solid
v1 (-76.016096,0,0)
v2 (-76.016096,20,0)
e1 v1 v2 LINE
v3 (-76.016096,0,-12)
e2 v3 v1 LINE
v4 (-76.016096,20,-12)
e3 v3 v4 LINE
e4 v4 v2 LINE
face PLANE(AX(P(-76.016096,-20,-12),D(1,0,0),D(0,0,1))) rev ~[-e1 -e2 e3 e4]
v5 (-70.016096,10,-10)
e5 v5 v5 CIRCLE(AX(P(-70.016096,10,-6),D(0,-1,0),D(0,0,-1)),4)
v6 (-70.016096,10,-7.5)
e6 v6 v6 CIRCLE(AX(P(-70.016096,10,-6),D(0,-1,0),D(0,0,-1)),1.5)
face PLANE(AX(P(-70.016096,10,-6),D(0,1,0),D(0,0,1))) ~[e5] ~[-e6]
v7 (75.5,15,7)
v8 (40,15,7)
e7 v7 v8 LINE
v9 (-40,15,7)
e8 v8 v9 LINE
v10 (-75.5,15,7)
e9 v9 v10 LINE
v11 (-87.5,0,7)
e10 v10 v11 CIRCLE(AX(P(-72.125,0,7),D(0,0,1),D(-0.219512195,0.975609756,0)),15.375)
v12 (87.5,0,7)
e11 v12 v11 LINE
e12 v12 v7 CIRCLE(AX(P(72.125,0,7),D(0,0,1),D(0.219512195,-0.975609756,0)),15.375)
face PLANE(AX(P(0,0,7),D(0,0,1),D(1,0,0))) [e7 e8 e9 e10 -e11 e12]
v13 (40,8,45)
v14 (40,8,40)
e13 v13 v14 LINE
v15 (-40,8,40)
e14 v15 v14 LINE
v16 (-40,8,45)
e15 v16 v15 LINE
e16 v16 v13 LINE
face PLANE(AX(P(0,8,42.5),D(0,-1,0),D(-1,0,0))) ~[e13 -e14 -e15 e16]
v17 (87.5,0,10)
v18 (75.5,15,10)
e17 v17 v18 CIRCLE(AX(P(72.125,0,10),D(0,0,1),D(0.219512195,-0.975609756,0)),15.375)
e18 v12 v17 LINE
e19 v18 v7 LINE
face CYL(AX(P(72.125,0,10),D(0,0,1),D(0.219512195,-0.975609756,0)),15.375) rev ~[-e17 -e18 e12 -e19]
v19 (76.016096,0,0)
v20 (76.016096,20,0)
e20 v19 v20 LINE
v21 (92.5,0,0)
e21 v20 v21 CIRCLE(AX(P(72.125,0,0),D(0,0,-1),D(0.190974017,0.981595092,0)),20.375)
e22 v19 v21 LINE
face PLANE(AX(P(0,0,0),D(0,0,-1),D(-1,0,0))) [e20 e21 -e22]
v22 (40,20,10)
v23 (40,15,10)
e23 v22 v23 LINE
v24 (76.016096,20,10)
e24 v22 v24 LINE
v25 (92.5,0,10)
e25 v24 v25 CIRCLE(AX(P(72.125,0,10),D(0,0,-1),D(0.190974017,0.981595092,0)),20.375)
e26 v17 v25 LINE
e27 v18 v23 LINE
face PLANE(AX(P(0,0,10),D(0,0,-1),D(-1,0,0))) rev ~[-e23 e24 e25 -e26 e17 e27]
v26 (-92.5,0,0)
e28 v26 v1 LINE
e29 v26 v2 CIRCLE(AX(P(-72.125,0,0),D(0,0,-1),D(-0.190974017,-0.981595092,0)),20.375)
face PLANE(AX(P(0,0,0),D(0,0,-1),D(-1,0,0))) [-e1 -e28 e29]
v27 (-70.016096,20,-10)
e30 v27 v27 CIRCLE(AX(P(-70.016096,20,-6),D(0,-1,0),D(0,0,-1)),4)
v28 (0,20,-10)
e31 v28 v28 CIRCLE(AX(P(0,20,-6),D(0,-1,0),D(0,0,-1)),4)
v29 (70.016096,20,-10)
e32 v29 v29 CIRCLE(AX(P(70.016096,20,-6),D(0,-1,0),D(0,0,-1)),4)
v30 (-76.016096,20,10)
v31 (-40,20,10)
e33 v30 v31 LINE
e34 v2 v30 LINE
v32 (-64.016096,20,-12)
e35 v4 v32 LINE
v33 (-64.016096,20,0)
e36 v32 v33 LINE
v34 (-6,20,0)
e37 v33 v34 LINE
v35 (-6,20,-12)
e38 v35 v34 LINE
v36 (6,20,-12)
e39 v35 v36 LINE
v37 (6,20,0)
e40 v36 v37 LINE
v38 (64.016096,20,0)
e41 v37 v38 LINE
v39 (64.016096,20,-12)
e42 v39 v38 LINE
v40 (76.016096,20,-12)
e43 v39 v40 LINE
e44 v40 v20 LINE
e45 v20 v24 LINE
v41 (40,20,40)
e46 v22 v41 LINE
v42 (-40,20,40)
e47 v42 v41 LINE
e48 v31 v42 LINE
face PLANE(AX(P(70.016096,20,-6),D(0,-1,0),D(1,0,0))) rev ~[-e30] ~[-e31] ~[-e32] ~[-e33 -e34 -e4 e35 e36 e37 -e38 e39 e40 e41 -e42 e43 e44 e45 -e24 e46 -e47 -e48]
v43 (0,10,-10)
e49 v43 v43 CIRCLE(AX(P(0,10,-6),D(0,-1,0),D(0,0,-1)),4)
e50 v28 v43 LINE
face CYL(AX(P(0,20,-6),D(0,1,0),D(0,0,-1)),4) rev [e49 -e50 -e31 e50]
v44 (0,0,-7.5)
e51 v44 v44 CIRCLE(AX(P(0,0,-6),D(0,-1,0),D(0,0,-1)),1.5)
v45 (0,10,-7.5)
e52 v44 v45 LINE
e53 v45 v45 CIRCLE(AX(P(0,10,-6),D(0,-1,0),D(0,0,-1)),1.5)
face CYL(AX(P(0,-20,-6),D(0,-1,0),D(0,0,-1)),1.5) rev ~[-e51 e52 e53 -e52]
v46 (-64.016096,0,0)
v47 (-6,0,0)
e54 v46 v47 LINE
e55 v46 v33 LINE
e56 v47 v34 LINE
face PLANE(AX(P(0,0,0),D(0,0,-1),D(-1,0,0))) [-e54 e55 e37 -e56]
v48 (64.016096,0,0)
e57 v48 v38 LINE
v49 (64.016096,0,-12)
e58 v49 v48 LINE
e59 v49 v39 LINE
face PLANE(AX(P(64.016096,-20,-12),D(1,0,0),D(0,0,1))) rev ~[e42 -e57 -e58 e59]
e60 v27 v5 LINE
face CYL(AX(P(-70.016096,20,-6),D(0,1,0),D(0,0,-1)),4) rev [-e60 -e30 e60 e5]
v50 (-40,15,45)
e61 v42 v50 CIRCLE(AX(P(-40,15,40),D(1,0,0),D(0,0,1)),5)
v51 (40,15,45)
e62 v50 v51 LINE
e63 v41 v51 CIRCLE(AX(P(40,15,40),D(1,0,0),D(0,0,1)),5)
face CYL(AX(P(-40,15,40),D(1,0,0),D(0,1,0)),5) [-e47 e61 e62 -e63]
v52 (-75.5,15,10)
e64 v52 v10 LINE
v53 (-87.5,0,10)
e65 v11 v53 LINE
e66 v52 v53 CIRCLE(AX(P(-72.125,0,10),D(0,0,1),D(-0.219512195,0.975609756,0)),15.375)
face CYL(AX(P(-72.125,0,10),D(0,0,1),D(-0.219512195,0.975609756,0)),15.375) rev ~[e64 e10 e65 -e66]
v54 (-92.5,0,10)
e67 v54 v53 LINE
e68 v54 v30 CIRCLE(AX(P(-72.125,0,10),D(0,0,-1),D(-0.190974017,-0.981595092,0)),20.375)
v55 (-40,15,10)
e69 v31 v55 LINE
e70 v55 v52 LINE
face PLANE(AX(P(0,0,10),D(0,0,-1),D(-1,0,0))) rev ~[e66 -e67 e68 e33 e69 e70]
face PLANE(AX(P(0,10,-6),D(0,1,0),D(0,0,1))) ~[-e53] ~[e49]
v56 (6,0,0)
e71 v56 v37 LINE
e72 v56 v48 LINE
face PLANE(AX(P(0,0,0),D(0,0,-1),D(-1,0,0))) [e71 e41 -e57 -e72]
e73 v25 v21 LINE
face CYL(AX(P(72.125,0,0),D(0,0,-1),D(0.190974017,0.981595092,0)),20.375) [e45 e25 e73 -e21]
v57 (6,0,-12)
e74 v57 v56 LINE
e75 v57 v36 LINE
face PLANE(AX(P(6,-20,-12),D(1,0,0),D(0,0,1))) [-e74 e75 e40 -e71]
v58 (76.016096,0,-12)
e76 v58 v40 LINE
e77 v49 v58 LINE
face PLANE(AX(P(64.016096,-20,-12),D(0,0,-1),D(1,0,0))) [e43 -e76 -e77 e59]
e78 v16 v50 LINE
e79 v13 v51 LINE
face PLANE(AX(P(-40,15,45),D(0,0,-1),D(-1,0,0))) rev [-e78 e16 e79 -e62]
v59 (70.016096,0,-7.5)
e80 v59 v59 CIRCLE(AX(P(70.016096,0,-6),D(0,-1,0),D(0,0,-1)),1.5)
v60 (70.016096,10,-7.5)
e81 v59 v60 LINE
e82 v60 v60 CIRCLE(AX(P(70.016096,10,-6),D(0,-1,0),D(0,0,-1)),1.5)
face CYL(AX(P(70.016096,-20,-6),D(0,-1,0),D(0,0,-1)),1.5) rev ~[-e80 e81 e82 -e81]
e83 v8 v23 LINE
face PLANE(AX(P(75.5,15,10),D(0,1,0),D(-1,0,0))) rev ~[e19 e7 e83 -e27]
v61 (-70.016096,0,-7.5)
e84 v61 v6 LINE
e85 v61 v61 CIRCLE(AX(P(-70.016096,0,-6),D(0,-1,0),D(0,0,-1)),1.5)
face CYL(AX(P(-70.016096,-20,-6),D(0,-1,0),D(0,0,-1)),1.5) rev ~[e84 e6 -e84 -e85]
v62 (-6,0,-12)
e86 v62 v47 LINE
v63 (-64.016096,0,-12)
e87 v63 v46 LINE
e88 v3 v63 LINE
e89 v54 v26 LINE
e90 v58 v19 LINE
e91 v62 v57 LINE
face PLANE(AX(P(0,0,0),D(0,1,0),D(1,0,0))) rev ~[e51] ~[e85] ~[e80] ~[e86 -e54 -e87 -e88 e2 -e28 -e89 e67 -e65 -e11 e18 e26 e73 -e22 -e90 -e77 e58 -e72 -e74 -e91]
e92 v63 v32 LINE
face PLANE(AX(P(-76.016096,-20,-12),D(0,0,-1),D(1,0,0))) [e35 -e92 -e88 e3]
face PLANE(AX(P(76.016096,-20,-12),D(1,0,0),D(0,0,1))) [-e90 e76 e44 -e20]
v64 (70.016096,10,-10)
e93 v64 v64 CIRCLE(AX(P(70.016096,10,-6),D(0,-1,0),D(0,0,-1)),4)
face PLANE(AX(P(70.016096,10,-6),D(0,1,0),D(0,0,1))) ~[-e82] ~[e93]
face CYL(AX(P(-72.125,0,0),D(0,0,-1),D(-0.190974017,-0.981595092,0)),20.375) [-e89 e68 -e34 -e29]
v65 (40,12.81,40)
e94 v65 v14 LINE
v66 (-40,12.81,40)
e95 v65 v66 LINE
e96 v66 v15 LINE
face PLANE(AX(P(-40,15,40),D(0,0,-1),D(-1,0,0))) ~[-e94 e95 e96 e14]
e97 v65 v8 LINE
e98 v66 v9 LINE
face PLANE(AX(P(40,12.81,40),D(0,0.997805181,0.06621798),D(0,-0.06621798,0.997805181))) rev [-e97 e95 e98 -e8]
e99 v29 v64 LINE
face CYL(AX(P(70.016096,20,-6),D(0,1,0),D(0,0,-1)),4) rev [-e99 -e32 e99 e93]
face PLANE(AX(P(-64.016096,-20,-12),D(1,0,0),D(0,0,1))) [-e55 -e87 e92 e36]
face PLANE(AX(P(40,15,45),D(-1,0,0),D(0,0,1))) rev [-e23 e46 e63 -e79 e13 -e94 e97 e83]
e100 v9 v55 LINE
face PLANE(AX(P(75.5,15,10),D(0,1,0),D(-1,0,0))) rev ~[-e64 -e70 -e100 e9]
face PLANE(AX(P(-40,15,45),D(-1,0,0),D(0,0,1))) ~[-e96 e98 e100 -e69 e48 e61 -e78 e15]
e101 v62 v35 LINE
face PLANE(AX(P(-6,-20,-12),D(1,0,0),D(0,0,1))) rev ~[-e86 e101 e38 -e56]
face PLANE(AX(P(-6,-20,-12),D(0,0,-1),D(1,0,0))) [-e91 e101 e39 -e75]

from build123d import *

# Parameters (mm, degrees)
ESTRUSIONE_ESTRUSIONE1_DEPTH  = 10
TAGLIO_ESTRUSIONE1_DEPTH      = 3
SCHIZZO4_W                    = 80
SCHIZZO4_H                    = 5
ESTRUSIONE_ESTRUSIONE2_DEPTH  = 35
ESTRUSIONE_ESTRUSIONE4_DEPTH  = 80
SCHIZZO7_W                    = 80
SCHIZZO7_H                    = 5
ESTRUSIONE_ESTRUSIONE5_DEPTH  = 7
TAGLIO_ESTRUSIONE2_REACH      = 112.369
SCHIZZO8_R                    = 1.5
RACCORDO1_R                   = 5
RACCORDO2_R                   = 5
TAGLIO_ESTRUSIONE3_DEPTH      = 111.368700273
TAGLIO_ESTRUSIONE3_DEPTH_BACK = 10
SCHIZZO11_R                   = 4
TAGLIO_ESTRUSIONE4_DEPTH      = 3
SCHIZZO12_W                   = 12
SCHIZZO12_H                   = 12
ESTRUSIONE_ESTRUSIONE6_DEPTH  = 40
SCHIZZO13_R                   = 1.5
TAGLIO_ESTRUSIONE5_DEPTH      = 111.368700273
SCHIZZO14_R                   = 4
TAGLIO_ESTRUSIONE6_DEPTH      = 10


with BuildPart() as part:
    # Schizzo1 → Estrusione-Estrusione1 (new body)
    with BuildSketch(Plane.XY):
        with BuildLine():
            Line((-76.016095604, 20), (76.016095604, 20))
            ThreePointArc((76.016095604, 20), (92.5, 0), (76.016095604, -20))
            Line((76.016095604, -20), (-76.016095604, -20))
            ThreePointArc((-76.016095604, -20), (-92.5, 0), (-76.016095604, 20))
        make_face()
    extrude(amount=ESTRUSIONE_ESTRUSIONE1_DEPTH)

    # Schizzo3 → Taglio-Estrusione1 (cut)
    with BuildSketch(Plane.XY.offset(10)):
        with BuildLine():
            Line((-75.5, -15), (75.5, -15))
            ThreePointArc((75.5, -15), (87.5, 0), (75.5, 15))
            Line((75.5, 15), (-75.5, 15))
            ThreePointArc((-75.5, 15), (-87.5, 0), (-75.5, -15))
        make_face()
    extrude(amount=-TAGLIO_ESTRUSIONE1_DEPTH, mode=Mode.SUBTRACT)

    # Schizzo4 → Estrusione-Estrusione2 (add)
    with BuildSketch(Plane.XY.offset(10)):
        with Locations((0, -17.5)):
            Rectangle(SCHIZZO4_W, SCHIZZO4_H)
    estrusione_estrusione2 = extrude(amount=ESTRUSIONE_ESTRUSIONE2_DEPTH)

    # Schizzo6 → Estrusione-Estrusione4 (add)
    with BuildSketch(Plane(origin=(40, 0, 0), x_dir=(0, 0, -1), z_dir=(1, 0, 0))):
        Polygon((-40, -15), (-40, -12.81), (-7, -15), align=None)
    estrusione_estrusione4 = extrude(amount=-ESTRUSIONE_ESTRUSIONE4_DEPTH)

    # Schizzo7 → Estrusione-Estrusione5 (add)
    with BuildSketch(Plane(origin=(0, -15, 0), x_dir=(1, 0, 0), z_dir=(0, 1, 0))):
        with Locations((0, -42.5)):
            Rectangle(SCHIZZO7_W, SCHIZZO7_H)
    estrusione_estrusione5 = extrude(amount=ESTRUSIONE_ESTRUSIONE5_DEPTH)

    # Taglio-Estrusione2: up to this plane
    taglio_estrusione2_end = Plane(origin=(-40, -12.81, 40), z_dir=(1.4576135341627736e-15, 0.9978051809344605, -0.0662179801892863))
    # Schizzo8 → Taglio-Estrusione2 (cut, up to the surface)
    with BuildSketch(Plane.XZ.offset(20), mode=Mode.PRIVATE) as taglio_estrusione2_sk1:
        with Locations(Location((-30, 13, 0), (0, 0, 270))):
            Circle(SCHIZZO8_R)
    taglio_estrusione2_tool1 = split(extrude(taglio_estrusione2_sk1.sketch, amount=-TAGLIO_ESTRUSIONE2_REACH, mode=Mode.PRIVATE), bisect_by=taglio_estrusione2_end, keep=Keep.BOTH, mode=Mode.PRIVATE)
    add(taglio_estrusione2_tool1.solids().sort_by_distance((-30, -20, 13))[0], mode=Mode.SUBTRACT)
    # Schizzo8 → Taglio-Estrusione2 (cut, up to the surface)
    with BuildSketch(Plane.XZ.offset(20), mode=Mode.PRIVATE) as taglio_estrusione2_sk2:
        with Locations(Location((-30, 32, 0), (0, 0, 270))):
            Circle(SCHIZZO8_R)
    taglio_estrusione2_tool2 = split(extrude(taglio_estrusione2_sk2.sketch, amount=-TAGLIO_ESTRUSIONE2_REACH, mode=Mode.PRIVATE), bisect_by=taglio_estrusione2_end, keep=Keep.BOTH, mode=Mode.PRIVATE)
    add(taglio_estrusione2_tool2.solids().sort_by_distance((-30, -20, 32))[0], mode=Mode.SUBTRACT)
    # Schizzo8 → Taglio-Estrusione2 (cut, up to the surface)
    with BuildSketch(Plane.XZ.offset(20), mode=Mode.PRIVATE) as taglio_estrusione2_sk3:
        with Locations(Location((30, 13, 0), (0, 0, 270))):
            Circle(SCHIZZO8_R)
    taglio_estrusione2_tool3 = split(extrude(taglio_estrusione2_sk3.sketch, amount=-TAGLIO_ESTRUSIONE2_REACH, mode=Mode.PRIVATE), bisect_by=taglio_estrusione2_end, keep=Keep.BOTH, mode=Mode.PRIVATE)
    add(taglio_estrusione2_tool3.solids().sort_by_distance((30, -20, 13))[0], mode=Mode.SUBTRACT)
    # Schizzo8 → Taglio-Estrusione2 (cut, up to the surface)
    with BuildSketch(Plane.XZ.offset(20), mode=Mode.PRIVATE) as taglio_estrusione2_sk4:
        with Locations(Location((30, 32, 0), (0, 0, 270))):
            Circle(SCHIZZO8_R)
    taglio_estrusione2_tool4 = split(extrude(taglio_estrusione2_sk4.sketch, amount=-TAGLIO_ESTRUSIONE2_REACH, mode=Mode.PRIVATE), bisect_by=taglio_estrusione2_end, keep=Keep.BOTH, mode=Mode.PRIVATE)
    add(taglio_estrusione2_tool4.solids().sort_by_distance((30, -20, 32))[0], mode=Mode.SUBTRACT)

    # Specchia1: Estrusione-Estrusione2, Estrusione-Estrusione4, Estrusione-Estrusione5 across plane
    add(estrusione_estrusione2.mirror(Plane.ZX))
    add(estrusione_estrusione4.mirror(Plane.ZX))
    add(estrusione_estrusione5.mirror(Plane.ZX))

    # Raccordo1
    raccordo1_edges = [part.edges().sort_by_distance(p)[0] for p in [
        (0, -20, 45),
    ]]
    fillet(raccordo1_edges, radius=RACCORDO1_R)

    # Raccordo2
    raccordo2_edges = [part.edges().sort_by_distance(p)[0] for p in [
        (0, 20, 45),
    ]]
    fillet(raccordo2_edges, radius=RACCORDO2_R)

    # Schizzo9 → Taglio-Estrusione3 (cut, two sides)
    with BuildSketch(Plane.XZ.offset(20)) as taglio_estrusione3_sk:
        Polygon((-4, 11), (-4, 3), (4, 3), (4, 11), (10, 11), (10, 31), (-10, 31), (-10, 11), align=None)
    extrude(amount=TAGLIO_ESTRUSIONE3_DEPTH, mode=Mode.SUBTRACT)
    extrude(taglio_estrusione3_sk.sketch, amount=-TAGLIO_ESTRUSIONE3_DEPTH_BACK, mode=Mode.SUBTRACT)

    # Schizzo11 → Taglio-Estrusione4 (cut)
    with BuildSketch(Plane(origin=(0, -15.396736192, 1.021783402), x_dir=(1, 0, 0), z_dir=(1.4576135341627738e-15, 0.9978051809344605, -0.06621798018928632))):
        with Locations(Location((-30, -12.004564445, 0), (0, 0, 270))):
            Circle(SCHIZZO11_R)
        with Locations(Location((-30, -31.046357736, 0), (0, 0, 270))):
            Circle(SCHIZZO11_R)
        with Locations(Location((30, -31.046357736, 0), (0, 0, 270))):
            Circle(SCHIZZO11_R)
        with Locations(Location((30, -12.004564445, 0), (0, 0, 270))):
            Circle(SCHIZZO11_R)
    extrude(amount=-TAGLIO_ESTRUSIONE4_DEPTH, mode=Mode.SUBTRACT)

    # Schizzo12 → Estrusione-Estrusione6 (add)
    with BuildSketch(Plane.XZ.offset(20)):
        with Locations((70.016095604, -6)):
            Rectangle(SCHIZZO12_W, SCHIZZO12_H)
        with Locations((-70.016095604, -6)):
            Rectangle(SCHIZZO12_W, SCHIZZO12_H)
        with Locations((0, -6)):
            Rectangle(SCHIZZO12_W, SCHIZZO12_H)
    extrude(amount=-ESTRUSIONE_ESTRUSIONE6_DEPTH)

    # Schizzo13 → Taglio-Estrusione5 (cut, through all)
    with BuildSketch(Plane.XZ.offset(20)):
        with Locations(Location((-70.016095604, -6, 0), (0, 0, 270))):
            Circle(SCHIZZO13_R)
        with Locations(Location((0, -6, 0), (0, 0, 270))):
            Circle(SCHIZZO13_R)
        with Locations(Location((70.016095604, -6, 0), (0, 0, 270))):
            Circle(SCHIZZO13_R)
    extrude(amount=-TAGLIO_ESTRUSIONE5_DEPTH, mode=Mode.SUBTRACT)

    # Schizzo14 → Taglio-Estrusione6 (cut)
    with BuildSketch(Plane.XZ.offset(20)):
        with Locations(Location((-70.016095604, -6, 0), (0, 0, 270))):
            Circle(SCHIZZO14_R)
        with Locations(Location((0, -6, 0), (0, 0, 270))):
            Circle(SCHIZZO14_R)
        with Locations(Location((70.016095604, -6, 0), (0, 0, 270))):
            Circle(SCHIZZO14_R)
    taglio_estrusione6 = extrude(amount=-TAGLIO_ESTRUSIONE6_DEPTH, mode=Mode.SUBTRACT)

    # Specchia2: Taglio-Estrusione6 across plane
    add(taglio_estrusione6.mirror(Plane.ZX), mode=Mode.SUBTRACT)

    # TaglioSuperficie1
    split(bisect_by=Plane(origin=(0, 0, 0), x_dir=(1, 0, 0), z_dir=(0, 1, 0)), keep=Keep.TOP)


solid = part.part
